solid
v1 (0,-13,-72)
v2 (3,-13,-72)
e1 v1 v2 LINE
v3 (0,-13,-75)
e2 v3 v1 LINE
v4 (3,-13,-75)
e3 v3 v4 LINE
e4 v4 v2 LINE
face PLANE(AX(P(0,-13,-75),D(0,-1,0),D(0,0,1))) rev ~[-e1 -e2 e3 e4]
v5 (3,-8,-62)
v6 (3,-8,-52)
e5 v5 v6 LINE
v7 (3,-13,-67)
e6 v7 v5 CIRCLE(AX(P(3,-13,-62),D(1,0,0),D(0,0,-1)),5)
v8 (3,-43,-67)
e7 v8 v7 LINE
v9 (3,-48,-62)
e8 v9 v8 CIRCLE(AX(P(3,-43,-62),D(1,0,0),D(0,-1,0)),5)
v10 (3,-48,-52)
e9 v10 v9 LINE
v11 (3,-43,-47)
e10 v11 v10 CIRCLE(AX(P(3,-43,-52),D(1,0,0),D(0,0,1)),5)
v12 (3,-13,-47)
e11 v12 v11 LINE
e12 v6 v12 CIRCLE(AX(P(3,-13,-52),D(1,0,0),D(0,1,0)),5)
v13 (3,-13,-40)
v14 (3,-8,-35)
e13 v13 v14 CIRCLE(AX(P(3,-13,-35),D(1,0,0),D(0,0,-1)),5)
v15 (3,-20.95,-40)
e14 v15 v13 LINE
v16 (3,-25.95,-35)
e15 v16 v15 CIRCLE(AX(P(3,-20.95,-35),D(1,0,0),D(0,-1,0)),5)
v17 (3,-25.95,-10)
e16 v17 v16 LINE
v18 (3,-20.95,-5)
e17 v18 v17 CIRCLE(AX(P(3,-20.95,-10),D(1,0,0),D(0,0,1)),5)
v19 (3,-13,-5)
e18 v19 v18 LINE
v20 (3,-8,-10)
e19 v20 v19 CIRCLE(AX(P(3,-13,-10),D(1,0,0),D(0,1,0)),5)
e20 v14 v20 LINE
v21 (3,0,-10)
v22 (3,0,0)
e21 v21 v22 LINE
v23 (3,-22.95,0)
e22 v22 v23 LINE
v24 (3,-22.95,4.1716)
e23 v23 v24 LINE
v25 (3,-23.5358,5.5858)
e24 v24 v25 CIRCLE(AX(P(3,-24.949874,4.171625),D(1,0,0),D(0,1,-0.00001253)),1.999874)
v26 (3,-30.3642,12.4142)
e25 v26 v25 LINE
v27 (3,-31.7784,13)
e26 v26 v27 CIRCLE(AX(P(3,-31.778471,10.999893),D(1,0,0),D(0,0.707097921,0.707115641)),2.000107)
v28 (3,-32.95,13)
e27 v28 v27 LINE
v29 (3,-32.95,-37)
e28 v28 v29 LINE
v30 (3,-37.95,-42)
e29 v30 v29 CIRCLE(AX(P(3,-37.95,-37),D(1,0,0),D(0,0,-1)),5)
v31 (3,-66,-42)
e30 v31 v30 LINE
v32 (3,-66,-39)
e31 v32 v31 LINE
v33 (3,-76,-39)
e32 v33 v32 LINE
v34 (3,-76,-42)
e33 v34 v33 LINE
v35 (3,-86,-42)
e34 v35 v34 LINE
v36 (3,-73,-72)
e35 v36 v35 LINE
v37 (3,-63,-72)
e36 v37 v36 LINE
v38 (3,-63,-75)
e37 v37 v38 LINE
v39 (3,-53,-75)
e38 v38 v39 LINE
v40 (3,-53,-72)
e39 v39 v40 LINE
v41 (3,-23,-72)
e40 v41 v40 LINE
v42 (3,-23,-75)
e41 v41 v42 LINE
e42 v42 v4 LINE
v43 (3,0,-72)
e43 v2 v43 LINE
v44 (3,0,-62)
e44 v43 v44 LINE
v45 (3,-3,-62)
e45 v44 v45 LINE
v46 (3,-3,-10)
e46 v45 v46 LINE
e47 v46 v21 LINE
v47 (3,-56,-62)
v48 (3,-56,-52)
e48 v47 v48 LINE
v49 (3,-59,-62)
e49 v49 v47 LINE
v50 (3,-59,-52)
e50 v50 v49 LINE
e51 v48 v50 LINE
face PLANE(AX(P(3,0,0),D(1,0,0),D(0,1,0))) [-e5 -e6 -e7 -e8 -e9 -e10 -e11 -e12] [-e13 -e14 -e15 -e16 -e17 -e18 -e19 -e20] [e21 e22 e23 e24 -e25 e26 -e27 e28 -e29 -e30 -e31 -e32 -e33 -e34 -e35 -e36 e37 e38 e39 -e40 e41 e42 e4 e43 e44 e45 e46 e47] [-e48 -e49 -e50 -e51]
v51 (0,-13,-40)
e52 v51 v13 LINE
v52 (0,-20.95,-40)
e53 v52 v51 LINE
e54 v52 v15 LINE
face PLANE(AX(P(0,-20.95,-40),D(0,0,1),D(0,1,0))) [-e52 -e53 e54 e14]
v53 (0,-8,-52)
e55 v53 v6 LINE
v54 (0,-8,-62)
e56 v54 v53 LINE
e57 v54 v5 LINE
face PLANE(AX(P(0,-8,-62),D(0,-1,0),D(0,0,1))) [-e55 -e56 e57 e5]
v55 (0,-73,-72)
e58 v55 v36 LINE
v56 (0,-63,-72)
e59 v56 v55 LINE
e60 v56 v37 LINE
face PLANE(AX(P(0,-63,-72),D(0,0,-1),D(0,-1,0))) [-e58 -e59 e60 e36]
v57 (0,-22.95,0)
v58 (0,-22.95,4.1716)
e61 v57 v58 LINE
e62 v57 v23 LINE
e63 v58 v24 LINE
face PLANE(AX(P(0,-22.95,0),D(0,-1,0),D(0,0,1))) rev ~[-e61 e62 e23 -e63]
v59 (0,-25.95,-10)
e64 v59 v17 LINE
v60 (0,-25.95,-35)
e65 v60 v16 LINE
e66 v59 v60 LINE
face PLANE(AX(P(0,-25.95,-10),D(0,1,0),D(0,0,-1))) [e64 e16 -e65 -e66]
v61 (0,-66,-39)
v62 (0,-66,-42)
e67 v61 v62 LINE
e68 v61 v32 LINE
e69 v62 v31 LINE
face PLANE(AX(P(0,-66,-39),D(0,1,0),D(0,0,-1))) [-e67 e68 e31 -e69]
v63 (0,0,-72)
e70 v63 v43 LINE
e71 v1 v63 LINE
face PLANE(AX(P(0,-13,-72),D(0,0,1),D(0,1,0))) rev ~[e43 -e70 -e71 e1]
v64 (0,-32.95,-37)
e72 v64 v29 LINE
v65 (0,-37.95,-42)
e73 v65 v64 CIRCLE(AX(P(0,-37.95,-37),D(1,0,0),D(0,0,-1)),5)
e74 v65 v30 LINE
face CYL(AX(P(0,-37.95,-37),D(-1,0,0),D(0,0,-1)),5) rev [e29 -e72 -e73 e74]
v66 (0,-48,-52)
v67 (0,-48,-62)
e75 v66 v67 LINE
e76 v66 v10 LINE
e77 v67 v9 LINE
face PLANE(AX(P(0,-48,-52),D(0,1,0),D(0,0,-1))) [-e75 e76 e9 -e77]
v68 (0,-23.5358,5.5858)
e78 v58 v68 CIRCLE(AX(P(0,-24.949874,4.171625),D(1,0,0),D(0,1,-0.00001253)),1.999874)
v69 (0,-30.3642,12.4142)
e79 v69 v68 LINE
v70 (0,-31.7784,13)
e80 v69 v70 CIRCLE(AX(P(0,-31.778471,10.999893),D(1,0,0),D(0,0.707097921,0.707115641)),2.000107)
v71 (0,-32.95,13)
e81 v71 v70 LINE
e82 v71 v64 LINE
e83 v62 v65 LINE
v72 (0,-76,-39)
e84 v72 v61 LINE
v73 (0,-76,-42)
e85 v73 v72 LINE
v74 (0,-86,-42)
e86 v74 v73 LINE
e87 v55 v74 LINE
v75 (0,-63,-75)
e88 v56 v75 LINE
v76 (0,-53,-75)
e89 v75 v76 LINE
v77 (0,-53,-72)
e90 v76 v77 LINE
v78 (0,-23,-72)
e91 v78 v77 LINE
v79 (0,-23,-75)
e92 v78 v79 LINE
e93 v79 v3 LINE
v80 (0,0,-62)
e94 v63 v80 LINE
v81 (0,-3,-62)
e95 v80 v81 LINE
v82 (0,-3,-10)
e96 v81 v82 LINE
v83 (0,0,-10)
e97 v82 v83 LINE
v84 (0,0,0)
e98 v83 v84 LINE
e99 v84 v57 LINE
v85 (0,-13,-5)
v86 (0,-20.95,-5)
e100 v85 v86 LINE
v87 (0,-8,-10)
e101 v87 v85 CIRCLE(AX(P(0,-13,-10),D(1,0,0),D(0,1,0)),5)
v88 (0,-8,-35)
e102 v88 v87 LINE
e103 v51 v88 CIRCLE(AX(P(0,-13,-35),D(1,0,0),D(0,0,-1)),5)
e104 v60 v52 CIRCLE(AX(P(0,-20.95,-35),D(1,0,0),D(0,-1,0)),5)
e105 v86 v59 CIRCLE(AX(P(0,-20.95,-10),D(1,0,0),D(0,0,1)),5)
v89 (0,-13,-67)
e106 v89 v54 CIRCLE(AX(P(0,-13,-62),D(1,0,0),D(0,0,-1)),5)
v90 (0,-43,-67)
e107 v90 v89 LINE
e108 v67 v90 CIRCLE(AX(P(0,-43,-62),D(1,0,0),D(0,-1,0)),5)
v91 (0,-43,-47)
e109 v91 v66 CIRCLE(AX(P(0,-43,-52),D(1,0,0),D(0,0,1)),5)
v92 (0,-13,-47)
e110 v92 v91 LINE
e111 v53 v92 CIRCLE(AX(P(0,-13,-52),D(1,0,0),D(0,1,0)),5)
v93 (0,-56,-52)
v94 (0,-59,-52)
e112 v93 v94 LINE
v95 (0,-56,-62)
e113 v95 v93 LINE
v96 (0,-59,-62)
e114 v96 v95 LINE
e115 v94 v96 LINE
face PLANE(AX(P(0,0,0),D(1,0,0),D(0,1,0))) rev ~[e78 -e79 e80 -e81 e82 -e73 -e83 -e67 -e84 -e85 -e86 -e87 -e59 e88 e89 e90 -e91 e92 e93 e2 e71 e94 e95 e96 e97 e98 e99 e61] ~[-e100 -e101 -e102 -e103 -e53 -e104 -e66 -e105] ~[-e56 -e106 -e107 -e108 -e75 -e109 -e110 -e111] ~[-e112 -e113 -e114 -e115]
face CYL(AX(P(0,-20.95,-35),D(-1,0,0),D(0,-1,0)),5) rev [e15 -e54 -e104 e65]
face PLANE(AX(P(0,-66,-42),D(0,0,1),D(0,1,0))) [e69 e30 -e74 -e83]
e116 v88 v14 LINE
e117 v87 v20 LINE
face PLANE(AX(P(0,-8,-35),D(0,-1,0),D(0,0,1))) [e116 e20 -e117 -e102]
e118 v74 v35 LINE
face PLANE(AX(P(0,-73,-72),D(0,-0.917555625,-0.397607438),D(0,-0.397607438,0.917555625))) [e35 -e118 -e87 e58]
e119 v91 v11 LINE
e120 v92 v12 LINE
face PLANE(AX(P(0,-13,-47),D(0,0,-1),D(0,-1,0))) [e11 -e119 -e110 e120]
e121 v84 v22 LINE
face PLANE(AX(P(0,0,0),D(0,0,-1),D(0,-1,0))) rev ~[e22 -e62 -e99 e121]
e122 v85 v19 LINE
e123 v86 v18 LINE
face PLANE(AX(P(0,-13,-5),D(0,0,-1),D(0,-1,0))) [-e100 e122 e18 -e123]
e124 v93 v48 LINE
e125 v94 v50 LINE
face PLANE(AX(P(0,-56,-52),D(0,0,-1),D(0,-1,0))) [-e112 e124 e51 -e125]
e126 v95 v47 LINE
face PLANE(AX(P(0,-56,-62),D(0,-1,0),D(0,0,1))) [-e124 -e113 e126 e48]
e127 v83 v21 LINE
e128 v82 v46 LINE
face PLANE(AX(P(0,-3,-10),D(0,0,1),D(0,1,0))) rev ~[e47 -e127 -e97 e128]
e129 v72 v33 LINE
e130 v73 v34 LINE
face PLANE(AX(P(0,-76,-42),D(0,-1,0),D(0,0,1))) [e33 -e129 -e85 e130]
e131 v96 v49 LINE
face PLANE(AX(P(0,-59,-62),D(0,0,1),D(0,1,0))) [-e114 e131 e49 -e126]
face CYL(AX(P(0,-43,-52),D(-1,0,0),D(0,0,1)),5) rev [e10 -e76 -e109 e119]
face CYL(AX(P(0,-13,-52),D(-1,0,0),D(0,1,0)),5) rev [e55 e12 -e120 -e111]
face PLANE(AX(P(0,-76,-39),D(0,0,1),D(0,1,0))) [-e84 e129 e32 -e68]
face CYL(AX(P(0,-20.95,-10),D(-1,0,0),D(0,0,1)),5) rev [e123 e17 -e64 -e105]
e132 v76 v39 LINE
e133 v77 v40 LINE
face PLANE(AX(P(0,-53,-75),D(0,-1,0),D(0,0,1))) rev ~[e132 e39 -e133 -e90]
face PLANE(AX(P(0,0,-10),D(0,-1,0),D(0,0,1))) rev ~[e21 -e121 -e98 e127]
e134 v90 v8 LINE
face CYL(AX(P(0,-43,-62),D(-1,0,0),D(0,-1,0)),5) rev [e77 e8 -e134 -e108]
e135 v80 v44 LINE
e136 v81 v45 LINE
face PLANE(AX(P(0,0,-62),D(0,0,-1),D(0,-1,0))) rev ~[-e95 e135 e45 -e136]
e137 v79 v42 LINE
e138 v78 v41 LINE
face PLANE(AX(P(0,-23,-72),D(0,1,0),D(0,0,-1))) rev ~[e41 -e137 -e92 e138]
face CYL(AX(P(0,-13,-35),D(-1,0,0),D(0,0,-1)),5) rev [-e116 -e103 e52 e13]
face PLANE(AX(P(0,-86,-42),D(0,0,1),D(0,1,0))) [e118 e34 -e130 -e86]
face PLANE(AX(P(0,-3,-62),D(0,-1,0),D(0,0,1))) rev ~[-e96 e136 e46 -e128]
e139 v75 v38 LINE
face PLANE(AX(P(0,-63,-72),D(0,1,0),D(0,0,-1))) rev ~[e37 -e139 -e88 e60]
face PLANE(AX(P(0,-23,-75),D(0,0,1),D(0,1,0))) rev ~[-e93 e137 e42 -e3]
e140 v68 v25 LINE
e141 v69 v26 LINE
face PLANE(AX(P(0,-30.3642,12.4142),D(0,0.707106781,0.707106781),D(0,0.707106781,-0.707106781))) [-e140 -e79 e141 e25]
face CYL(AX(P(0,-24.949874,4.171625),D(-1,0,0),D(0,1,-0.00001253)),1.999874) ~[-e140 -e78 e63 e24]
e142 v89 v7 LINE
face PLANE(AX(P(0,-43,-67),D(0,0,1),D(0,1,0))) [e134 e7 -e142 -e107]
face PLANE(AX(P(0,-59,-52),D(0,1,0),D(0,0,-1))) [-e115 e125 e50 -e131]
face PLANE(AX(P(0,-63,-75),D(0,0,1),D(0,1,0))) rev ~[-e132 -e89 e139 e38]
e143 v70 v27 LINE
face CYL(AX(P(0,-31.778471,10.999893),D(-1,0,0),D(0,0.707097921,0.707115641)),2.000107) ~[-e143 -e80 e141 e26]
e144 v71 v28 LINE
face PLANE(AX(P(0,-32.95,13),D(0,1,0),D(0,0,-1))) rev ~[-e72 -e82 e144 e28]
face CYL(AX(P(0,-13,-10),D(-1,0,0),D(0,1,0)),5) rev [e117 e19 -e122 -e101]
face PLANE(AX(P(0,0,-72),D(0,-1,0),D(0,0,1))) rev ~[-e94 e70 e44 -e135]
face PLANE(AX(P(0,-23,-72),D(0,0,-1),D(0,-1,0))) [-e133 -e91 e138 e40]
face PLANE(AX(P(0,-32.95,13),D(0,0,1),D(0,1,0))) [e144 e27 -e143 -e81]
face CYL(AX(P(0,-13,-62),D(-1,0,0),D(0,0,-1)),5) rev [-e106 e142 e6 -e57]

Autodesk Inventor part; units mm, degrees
ref_plane "YZ Plane" through (0, 0, 0) normal (1, 0, 0) x (0, 1, 0)
ref_plane "XZ Plane" through (0, 0, 0) normal (0, 1, 0) x (-1, 0, 0)
ref_plane "XY Plane" through (0, 0, 0) normal (0, 0, 1) x (1, 0, 0)
sketch "Sketch1" plane through (0, 0, 0) normal (0, 0, 1) x (1, 0, 0)
  point P0 (0, 0)
sketch "Sketch2" plane through (0, 0, 0) normal (1, 0, 0) x (0, 1, 0)
  line L0 (0, 0) -> (-22.95, 0)
  line L1 (-22.95, 0) -> (-22.95, 4.1716)
  line L2 (-23.1803, 0.4176) -> (-23.1803, 0.4176)
  line L3 (-23, -75) -> (-13, -75)
  line L4 (-13, -75) -> (-13, -72)
  line L5 (-13, -72) -> (0, -72)
  line L6 (0, -72) -> (0, -62)
  line L7 (0, -62) -> (-3, -62)
  line L8 (-3, -62) -> (-3, -10)
  line L9 (-3, -10) -> (0, -10)
  line L10 (0, -10) -> (0, 0)
  line L11 (-13, -5) -> (-20.95, -5)
  line L12 (-25.95, -10) -> (-25.95, -35)
  line L13 (-20.95, -40) -> (-13, -40)
  line L14 (-8, -35) -> (-8, -10)
  arc A0 (-8, -10) -> (-13, -5) centre (-13, -10) ccw
  arc A1 (-13, -40) -> (-8, -35) centre (-13, -35) ccw
  arc A2 (-25.95, -35) -> (-20.95, -40) centre (-20.95, -35) ccw
  arc A3 (-20.95, -5) -> (-25.95, -10) centre (-20.95, -10) ccw
  line L15 (-23, -72) -> (-23, -75)
  line L16 (-63, -72) -> (-63, -75)
  line L17 (-63, -75) -> (-53, -75)
  line L18 (-53, -75) -> (-53, -72)
  line L19 (-23, -72) -> (-53, -72)
  line L20 (-63, -72) -> (-73, -72)
  line L21 (-73, -72) -> (-86, -42)
  line L22 (-76, -42) -> (-76, -39)
  line L23 (-76, -39) -> (-66, -39)
  line L24 (-66, -39) -> (-66, -42)
  line L25 (-86, -42) -> (-76, -42)
  line L26 (-66, -42) -> (-37.95, -42)
  line L27 (-13, -47) -> (-43, -47)
  line L28 (-48, -52) -> (-48, -62)
  line L29 (-43, -67) -> (-13, -67)
  line L30 (-8, -62) -> (-8, -52)
  line L31 (-56, -52) -> (-59, -52)
  line L32 (-59, -52) -> (-59, -62)
  line L33 (-59, -62) -> (-56, -62)
  line L34 (-56, -62) -> (-56, -52)
  arc A4 (-8, -52) -> (-13, -47) centre (-13, -52) ccw
  arc A5 (-13, -67) -> (-8, -62) centre (-13, -62) ccw
  arc A6 (-48, -62) -> (-43, -67) centre (-43, -62) ccw
  arc A7 (-43, -47) -> (-48, -52) centre (-43, -52) ccw
  arc A8 (-37.95, -42) -> (-32.95, -37) centre (-37.95, -37) ccw
  line L35 (-32.95, 13) -> (-32.95, -37)
  line L36 (-32.95, 13) -> (-31.7784, 13)
  line L37 (-30.3642, 12.4142) -> (-23.5358, 5.5858)
  arc A9 (-30.3642, 12.4142) -> (-31.7784, 13) centre (-31.7784, 11) ccw
  arc A10 (-22.95, 4.1716) -> (-23.5358, 5.5858) centre (-24.95, 4.1716) ccw
  point P0 (-22.95, 5)
  point P1 (-25.95, -40)
  point P2 (-25.95, -5)
  point P3 (-29.95, -42)
  point P4 (-30.95, 13)
  dimension "d4" = 10
  dimension "d5" = 52
  dimension "d6" = 10
  dimension "d8" = 10
  dimension "d11" = 3
  dimension "d15" = 3
  dimension "d29" = 10
  dimension "d33" = 5
  dimension "d36" = 5
  dimension "d39" = 35
  dimension "d40" = 5
  dimension "d48" = 10
  dimension "d55" = 10
  dimension "d57" = 3
  dimension "d59" = 5
  dimension "d60" = 5
  dimension "d61" = 5
  dimension "d62" = 10
  dimension "d63" = 3
  dimension "d64" = 10
  dimension "d66" = 40
  dimension "d67" = 53
  dimension "d68" = 26.95
  dimension "d69" = 5
  dimension "d75" = 90
  dimension "d76" = 90
  dimension "d77" = 90
  dimension "d78" = 3
  dimension "d79" = 90
  dimension "d80" = 3
  dimension "d81" = 30
  dimension "d82" = 30
  dimension "d83" = 10
  dimension "d84" = 10
  dimension "d85" = 3
  dimension "d86" = 3
  dimension "d87" = 30
  dimension "d89" = 17.95
  dimension "d90" = 5
  dimension "d91" = 13
  dimension "d92" = 32.95
  dimension "d93" = 33.05
  dimension "d94" = 2
  dimension "d95" = 2
  dimension "d96" = 10
extrude "Extrusion4" add sketch "Sketch2" along normal blind 3
properties part number "OpenROV 2_2 Ducting Brace"
